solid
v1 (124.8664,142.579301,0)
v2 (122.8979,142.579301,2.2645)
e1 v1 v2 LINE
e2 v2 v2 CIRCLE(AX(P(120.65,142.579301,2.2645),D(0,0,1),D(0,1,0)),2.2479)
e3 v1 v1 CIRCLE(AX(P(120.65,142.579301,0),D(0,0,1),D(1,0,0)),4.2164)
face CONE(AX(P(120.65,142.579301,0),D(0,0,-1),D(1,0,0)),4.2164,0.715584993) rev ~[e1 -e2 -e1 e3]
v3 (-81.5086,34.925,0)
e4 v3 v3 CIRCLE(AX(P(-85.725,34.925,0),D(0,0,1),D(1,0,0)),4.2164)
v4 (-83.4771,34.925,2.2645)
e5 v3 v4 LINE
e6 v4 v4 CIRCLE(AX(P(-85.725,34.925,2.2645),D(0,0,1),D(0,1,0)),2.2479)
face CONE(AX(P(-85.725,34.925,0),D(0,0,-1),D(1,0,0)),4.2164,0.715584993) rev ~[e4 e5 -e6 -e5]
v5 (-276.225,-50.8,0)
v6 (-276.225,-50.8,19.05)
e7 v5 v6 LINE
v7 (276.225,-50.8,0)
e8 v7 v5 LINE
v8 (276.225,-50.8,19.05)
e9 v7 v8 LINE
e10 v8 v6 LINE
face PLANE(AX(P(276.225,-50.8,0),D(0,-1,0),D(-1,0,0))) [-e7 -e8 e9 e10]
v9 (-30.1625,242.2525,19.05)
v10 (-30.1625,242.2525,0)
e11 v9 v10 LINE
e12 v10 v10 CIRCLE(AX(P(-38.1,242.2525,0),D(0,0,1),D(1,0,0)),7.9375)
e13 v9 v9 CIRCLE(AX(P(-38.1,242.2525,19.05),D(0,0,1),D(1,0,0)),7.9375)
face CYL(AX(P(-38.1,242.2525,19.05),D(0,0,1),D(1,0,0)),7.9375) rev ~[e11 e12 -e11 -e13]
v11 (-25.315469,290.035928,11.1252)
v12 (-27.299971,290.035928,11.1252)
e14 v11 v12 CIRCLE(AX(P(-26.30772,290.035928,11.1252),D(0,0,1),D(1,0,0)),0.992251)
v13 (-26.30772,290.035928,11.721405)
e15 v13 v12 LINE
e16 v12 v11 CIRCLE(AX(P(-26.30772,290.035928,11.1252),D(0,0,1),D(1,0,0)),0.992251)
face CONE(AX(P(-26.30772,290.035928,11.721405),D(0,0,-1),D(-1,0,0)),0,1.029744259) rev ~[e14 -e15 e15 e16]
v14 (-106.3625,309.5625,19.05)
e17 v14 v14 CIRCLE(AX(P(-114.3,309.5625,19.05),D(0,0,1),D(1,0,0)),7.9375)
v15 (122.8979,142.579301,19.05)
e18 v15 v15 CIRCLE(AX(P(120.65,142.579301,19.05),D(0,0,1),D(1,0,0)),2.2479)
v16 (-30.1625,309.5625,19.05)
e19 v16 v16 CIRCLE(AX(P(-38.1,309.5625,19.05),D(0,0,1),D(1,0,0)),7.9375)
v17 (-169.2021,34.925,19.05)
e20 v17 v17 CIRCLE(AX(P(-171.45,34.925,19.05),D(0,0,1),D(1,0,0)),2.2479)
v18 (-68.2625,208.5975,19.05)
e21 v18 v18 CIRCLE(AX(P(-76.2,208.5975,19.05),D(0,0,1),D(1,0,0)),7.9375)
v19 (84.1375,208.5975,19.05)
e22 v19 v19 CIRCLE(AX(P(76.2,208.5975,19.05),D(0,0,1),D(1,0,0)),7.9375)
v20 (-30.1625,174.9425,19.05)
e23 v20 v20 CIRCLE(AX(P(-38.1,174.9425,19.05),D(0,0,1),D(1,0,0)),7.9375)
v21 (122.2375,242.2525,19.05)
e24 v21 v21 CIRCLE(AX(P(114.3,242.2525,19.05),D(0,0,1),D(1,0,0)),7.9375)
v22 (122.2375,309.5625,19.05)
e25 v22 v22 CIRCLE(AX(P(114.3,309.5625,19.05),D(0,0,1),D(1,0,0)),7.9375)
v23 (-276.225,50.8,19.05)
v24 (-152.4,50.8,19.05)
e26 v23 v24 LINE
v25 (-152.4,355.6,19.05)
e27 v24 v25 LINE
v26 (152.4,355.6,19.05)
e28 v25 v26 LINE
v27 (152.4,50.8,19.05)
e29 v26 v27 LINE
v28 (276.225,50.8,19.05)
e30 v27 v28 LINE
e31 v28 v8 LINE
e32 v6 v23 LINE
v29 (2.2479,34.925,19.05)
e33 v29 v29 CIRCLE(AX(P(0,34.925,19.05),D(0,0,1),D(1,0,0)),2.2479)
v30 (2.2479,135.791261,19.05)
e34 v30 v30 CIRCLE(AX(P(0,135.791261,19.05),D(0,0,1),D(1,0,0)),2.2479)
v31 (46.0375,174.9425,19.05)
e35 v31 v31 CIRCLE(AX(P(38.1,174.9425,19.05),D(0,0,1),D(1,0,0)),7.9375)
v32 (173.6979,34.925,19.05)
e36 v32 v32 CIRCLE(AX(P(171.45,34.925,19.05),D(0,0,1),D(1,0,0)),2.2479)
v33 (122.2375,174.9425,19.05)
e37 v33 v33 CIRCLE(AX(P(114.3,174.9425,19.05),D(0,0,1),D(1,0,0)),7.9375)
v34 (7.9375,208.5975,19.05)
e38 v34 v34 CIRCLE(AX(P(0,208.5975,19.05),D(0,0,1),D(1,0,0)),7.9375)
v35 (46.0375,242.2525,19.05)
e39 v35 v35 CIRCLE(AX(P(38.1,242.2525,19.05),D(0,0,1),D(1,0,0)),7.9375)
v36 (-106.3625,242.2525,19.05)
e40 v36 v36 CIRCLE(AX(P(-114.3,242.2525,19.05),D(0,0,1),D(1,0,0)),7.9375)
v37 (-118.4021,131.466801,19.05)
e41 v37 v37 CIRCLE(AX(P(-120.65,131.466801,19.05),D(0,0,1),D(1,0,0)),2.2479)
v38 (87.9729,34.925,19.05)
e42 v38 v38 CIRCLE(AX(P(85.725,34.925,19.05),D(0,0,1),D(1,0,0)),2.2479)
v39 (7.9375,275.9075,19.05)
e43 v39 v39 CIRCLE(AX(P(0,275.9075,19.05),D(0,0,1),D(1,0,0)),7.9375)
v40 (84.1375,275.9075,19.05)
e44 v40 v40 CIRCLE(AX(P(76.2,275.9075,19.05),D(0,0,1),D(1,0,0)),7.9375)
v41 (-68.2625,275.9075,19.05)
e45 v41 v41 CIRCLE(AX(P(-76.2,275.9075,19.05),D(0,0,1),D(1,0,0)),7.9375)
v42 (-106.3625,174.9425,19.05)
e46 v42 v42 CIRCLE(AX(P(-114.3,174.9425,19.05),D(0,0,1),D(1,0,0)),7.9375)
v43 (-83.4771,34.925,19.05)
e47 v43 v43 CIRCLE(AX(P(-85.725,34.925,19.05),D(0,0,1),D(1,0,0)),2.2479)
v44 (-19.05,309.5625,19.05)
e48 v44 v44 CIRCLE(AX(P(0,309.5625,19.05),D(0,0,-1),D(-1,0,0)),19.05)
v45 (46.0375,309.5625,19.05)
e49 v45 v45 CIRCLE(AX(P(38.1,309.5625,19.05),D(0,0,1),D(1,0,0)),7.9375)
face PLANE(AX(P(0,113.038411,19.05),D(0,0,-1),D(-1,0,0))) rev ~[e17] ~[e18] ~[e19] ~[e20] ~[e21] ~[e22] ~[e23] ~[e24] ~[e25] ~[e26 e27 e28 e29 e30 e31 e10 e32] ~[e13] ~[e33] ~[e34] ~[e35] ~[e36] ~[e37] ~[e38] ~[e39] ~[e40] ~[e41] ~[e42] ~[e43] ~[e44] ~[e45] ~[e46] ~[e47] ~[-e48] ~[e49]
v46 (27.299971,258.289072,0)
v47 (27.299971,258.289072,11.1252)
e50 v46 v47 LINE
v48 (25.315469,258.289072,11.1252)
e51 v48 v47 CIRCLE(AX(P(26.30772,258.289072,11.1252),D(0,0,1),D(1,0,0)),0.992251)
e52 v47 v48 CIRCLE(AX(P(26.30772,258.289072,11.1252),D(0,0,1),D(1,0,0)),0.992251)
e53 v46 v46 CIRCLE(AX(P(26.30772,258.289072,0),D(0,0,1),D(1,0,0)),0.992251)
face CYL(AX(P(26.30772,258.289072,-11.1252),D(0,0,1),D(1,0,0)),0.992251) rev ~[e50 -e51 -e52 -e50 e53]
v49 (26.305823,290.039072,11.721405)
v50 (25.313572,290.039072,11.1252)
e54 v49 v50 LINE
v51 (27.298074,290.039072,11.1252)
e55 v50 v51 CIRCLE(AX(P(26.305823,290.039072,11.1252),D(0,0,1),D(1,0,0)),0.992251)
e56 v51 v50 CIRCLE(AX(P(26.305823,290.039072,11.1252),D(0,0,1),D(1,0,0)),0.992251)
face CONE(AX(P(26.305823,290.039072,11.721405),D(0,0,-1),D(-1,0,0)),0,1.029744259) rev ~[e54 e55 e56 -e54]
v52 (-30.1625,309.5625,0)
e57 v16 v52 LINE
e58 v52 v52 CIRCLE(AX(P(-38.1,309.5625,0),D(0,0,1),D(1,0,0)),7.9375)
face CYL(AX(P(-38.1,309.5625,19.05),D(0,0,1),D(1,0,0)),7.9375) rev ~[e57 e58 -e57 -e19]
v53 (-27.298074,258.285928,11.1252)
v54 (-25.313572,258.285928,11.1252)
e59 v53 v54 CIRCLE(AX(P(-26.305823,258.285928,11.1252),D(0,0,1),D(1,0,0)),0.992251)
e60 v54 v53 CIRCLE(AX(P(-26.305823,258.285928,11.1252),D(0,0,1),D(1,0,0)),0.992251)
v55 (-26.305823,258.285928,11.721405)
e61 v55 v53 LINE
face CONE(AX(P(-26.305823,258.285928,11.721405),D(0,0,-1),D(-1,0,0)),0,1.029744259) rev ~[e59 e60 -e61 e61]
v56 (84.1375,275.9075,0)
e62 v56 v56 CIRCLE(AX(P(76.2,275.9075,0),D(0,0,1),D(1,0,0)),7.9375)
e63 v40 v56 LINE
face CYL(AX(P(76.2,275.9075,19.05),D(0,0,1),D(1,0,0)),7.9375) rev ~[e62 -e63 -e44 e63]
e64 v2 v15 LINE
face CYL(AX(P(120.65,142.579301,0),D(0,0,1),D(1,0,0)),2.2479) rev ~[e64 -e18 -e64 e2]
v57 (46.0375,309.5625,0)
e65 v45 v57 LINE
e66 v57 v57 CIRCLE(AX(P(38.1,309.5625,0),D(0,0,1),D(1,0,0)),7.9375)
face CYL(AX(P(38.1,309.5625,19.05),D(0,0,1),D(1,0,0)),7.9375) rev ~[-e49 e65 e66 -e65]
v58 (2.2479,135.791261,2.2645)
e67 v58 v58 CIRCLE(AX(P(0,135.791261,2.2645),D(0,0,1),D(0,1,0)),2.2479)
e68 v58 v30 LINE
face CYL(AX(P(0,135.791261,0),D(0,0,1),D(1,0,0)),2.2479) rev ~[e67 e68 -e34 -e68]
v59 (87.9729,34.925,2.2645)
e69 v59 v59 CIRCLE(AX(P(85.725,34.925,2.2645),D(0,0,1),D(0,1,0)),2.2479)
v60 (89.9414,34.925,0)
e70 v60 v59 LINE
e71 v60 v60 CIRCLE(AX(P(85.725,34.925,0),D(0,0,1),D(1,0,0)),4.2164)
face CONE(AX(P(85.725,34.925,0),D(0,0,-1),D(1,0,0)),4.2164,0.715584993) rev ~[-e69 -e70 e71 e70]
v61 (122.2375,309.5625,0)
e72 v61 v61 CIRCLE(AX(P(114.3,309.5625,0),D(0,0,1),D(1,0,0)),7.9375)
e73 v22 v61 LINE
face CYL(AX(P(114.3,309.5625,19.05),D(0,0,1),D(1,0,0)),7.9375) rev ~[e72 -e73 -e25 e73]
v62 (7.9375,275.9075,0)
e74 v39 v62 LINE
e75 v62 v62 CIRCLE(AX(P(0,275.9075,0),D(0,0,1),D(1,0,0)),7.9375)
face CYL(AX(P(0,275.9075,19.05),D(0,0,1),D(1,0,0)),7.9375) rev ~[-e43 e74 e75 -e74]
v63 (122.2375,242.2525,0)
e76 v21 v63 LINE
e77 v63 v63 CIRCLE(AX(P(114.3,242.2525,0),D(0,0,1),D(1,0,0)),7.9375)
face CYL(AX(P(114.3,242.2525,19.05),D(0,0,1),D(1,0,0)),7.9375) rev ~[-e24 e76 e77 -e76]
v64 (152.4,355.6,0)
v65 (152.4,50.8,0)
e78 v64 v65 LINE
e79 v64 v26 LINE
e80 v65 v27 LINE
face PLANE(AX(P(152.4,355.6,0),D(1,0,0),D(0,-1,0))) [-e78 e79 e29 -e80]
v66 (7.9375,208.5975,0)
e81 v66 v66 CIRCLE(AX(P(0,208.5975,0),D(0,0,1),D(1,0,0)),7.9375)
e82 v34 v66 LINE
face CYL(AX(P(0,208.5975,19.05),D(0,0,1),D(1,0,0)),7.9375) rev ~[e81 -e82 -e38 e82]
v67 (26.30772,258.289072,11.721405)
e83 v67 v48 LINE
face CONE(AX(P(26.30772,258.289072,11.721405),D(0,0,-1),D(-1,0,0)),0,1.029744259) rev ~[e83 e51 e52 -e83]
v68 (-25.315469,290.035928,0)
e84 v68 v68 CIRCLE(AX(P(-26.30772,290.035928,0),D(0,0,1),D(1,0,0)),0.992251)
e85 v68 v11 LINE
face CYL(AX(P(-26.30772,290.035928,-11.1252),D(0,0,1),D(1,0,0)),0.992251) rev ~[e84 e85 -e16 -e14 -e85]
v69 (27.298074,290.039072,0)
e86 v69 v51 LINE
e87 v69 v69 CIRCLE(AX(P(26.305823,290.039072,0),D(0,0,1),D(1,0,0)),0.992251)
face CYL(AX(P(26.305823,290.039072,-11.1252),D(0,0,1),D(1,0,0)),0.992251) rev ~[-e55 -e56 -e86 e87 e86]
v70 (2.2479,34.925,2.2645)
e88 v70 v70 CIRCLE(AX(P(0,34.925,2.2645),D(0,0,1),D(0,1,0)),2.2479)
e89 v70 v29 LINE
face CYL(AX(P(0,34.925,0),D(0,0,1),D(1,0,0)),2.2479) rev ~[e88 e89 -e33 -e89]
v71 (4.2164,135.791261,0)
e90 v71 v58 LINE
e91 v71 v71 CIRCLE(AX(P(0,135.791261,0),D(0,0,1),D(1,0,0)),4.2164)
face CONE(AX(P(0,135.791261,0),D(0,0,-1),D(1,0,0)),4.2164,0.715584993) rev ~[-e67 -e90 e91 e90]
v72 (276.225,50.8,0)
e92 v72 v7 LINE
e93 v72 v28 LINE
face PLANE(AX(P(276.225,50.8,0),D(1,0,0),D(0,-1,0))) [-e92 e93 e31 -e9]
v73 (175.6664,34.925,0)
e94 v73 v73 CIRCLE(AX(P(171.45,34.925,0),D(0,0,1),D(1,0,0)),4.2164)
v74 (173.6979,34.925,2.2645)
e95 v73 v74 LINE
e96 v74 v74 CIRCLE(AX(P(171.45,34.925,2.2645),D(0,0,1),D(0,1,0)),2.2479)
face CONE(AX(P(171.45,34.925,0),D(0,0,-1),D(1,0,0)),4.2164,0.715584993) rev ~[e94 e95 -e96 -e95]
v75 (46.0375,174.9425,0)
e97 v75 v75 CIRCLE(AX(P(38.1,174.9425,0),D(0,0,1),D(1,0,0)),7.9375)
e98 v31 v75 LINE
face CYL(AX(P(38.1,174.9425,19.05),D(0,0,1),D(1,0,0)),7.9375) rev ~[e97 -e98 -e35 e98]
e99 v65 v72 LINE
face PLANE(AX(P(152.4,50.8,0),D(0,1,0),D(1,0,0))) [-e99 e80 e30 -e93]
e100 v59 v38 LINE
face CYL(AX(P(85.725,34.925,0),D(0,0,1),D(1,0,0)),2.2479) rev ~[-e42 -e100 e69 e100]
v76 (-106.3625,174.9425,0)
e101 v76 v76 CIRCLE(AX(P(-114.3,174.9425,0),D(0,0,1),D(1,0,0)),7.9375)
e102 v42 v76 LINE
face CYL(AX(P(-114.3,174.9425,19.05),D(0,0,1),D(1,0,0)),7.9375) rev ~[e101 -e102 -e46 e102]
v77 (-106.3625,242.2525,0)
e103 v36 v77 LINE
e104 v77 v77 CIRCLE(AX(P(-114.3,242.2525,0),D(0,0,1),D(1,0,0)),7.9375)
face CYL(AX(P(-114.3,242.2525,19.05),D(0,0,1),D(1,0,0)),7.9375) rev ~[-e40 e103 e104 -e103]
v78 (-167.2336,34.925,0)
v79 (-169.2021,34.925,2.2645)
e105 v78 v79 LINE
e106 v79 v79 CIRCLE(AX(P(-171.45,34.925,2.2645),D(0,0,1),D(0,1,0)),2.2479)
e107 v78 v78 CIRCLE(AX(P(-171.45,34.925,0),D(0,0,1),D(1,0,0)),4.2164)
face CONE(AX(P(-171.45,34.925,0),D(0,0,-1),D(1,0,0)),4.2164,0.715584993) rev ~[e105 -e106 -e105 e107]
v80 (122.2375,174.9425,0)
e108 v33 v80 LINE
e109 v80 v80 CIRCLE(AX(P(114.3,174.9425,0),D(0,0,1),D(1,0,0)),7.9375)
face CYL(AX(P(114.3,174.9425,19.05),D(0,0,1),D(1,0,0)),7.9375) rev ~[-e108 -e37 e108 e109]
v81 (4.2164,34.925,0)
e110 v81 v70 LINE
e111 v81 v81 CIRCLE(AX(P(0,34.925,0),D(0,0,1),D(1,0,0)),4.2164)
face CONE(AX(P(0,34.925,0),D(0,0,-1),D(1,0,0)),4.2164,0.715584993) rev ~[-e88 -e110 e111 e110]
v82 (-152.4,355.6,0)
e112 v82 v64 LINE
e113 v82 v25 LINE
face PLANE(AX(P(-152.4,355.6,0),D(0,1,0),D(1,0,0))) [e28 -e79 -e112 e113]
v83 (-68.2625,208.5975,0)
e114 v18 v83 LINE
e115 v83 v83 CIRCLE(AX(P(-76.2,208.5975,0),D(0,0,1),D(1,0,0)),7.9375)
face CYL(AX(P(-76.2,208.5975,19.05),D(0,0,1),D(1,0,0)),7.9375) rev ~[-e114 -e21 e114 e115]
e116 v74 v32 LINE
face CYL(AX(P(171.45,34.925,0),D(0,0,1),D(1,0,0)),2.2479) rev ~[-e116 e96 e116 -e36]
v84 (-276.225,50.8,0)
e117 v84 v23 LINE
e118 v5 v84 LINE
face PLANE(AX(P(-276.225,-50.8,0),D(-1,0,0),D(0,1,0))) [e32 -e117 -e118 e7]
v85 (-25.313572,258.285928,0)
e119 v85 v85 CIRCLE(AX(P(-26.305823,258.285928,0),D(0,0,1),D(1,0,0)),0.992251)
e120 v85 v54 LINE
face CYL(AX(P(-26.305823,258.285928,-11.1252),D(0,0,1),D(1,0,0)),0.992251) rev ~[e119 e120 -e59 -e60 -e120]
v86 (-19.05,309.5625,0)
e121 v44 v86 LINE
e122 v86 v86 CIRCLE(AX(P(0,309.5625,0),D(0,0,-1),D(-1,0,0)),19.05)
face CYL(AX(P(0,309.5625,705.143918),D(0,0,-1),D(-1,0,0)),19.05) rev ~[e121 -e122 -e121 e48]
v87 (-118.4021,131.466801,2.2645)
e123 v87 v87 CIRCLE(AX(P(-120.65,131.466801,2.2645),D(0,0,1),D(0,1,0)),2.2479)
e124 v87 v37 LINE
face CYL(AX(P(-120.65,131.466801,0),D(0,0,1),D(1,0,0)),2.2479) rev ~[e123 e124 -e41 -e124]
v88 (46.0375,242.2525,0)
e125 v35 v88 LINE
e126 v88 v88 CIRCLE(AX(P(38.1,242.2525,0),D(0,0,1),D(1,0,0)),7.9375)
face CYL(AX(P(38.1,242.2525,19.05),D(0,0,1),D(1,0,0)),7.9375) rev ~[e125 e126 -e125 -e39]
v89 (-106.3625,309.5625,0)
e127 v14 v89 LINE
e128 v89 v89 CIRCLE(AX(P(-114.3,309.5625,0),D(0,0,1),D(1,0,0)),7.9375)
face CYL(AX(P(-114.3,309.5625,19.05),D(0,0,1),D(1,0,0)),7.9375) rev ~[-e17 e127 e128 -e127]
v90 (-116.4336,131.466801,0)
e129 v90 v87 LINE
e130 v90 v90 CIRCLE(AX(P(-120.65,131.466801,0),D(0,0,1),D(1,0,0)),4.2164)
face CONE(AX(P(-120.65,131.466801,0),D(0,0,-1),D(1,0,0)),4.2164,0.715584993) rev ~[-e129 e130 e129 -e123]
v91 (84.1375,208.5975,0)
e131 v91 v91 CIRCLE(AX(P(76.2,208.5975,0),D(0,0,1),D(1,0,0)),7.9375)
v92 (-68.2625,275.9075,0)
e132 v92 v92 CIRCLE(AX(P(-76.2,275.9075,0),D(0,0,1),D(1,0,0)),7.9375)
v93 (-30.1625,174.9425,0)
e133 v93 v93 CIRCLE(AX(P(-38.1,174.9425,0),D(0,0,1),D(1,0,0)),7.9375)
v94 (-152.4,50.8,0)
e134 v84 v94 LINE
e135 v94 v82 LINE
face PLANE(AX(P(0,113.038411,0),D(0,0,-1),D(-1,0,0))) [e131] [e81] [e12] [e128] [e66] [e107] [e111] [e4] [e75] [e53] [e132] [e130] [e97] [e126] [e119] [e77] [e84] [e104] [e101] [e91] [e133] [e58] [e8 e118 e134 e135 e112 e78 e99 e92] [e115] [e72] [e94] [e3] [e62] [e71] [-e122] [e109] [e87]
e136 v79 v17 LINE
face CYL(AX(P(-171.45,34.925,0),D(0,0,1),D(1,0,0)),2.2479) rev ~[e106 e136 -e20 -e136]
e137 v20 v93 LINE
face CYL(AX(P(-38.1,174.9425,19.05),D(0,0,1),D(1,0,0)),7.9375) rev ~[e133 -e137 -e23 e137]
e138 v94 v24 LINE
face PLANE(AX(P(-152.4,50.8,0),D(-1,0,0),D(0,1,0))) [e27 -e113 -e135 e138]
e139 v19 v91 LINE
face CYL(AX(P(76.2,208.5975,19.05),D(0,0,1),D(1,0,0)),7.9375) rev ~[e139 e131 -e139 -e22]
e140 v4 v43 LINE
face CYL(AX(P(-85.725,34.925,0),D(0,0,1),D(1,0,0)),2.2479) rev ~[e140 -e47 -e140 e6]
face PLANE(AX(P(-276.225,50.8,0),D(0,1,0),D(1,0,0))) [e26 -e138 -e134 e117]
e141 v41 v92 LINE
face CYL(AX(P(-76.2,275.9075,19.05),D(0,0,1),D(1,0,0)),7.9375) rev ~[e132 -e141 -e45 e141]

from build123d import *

# Parameters (mm, degrees)
BOSS_EXTRUDE1_DEPTH                            = 19.05
SKETCH2_R                                      = 7.9375
CUT_EXTRUDE1_DEPTH                             = 451.68227514
CSK_FOR_8_FLAT_HEAD_MACHINE_SCREW1_D           = 4.4958
CSK_FOR_8_FLAT_HEAD_MACHINE_SCREW1_CSINK_D     = 8.4328
CSK_FOR_8_FLAT_HEAD_MACHINE_SCREW1_CSINK_ANGLE = 82
HOLE1_D                                        = 38.1
F_5_64_0_07813_DIAMETER_HOLE1_D                = 1.984502
F_5_64_0_07813_DIAMETER_HOLE1_DEPTH            = 11.1252
F_5_64_0_07813_DIAMETER_HOLE1_TIP              = 0.59620455


with BuildPart() as part:
    # Sketch1 → Boss-Extrude1 (new body)
    with BuildSketch(Plane.XY):
        Polygon((-152.4, 50.8), (-152.4, 355.6), (152.4, 355.6), (152.4, 50.8), (276.225, 50.8), (276.225, -50.8), (-276.225, -50.8), (-276.225, 50.8), align=None)
    extrude(amount=BOSS_EXTRUDE1_DEPTH)

    # Sketch2 → Cut-Extrude1 (cut, through all)
    with BuildSketch(Plane.XY.offset(19.05)):
        with Locations((-114.3, 309.5625)):
            Circle(SKETCH2_R)
        with Locations((-38.1, 309.5625)):
            Circle(SKETCH2_R)
        with Locations((38.1, 309.5625)):
            Circle(SKETCH2_R)
        with Locations((114.3, 309.5625)):
            Circle(SKETCH2_R)
        with Locations((-76.2, 275.9075)):
            Circle(SKETCH2_R)
        with Locations((0, 275.9075)):
            Circle(SKETCH2_R)
        with Locations((76.2, 275.9075)):
            Circle(SKETCH2_R)
        with Locations((-114.3, 242.2525)):
            Circle(SKETCH2_R)
        with Locations((-38.1, 242.2525)):
            Circle(SKETCH2_R)
        with Locations((38.1, 242.2525)):
            Circle(SKETCH2_R)
        with Locations((114.3, 242.2525)):
            Circle(SKETCH2_R)
        with Locations((76.2, 208.5975)):
            Circle(SKETCH2_R)
        with Locations((0, 208.5975)):
            Circle(SKETCH2_R)
        with Locations((-76.2, 208.5975)):
            Circle(SKETCH2_R)
        with Locations((-114.3, 174.9425)):
            Circle(SKETCH2_R)
        with Locations((-38.1, 174.9425)):
            Circle(SKETCH2_R)
        with Locations((38.1, 174.9425)):
            Circle(SKETCH2_R)
        with Locations((114.3, 174.9425)):
            Circle(SKETCH2_R)
    extrude(amount=-CUT_EXTRUDE1_DEPTH, mode=Mode.SUBTRACT)

    # CSK for #8 Flat Head Machine Screw1 (through all)
    with Locations(Plane(origin=(0, 0, 0), x_dir=(-1, 0, 0), z_dir=(0, 0, -1))):
        with Locations((-171.45, 34.925), (-85.725, 34.925), (0, 34.925), (171.45, 34.925), (85.725, 34.925), (-120.65, 142.579301206), (0, 135.791261042), (120.65, 131.466801206)):
            CounterSinkHole(CSK_FOR_8_FLAT_HEAD_MACHINE_SCREW1_D / 2, CSK_FOR_8_FLAT_HEAD_MACHINE_SCREW1_CSINK_D / 2, counter_sink_angle=CSK_FOR_8_FLAT_HEAD_MACHINE_SCREW1_CSINK_ANGLE)

    # Hole1 (through all)
    with Locations(Plane.XY.offset(19.05)):
        with Locations((0, 309.5625)):
            Hole(HOLE1_D / 2)

    # 5/64 (0.07813) Diameter Hole1
    with Locations(Plane(origin=(0, 0, 0), x_dir=(-1, 0, 0), z_dir=(0, 0, -1))):
        with Locations((-26.305822693, 290.03907182), (-26.307719853, 258.289071876), (26.30582273, 258.285928054), (26.307719891, 290.035927997)):
            Hole(F_5_64_0_07813_DIAMETER_HOLE1_D / 2, depth=F_5_64_0_07813_DIAMETER_HOLE1_DEPTH)
            with Locations((0, 0, -(F_5_64_0_07813_DIAMETER_HOLE1_DEPTH + F_5_64_0_07813_DIAMETER_HOLE1_TIP / 2))):  # 118° drill point
                Cone(0, F_5_64_0_07813_DIAMETER_HOLE1_D / 2, F_5_64_0_07813_DIAMETER_HOLE1_TIP, mode=Mode.SUBTRACT)


solid = part.part
